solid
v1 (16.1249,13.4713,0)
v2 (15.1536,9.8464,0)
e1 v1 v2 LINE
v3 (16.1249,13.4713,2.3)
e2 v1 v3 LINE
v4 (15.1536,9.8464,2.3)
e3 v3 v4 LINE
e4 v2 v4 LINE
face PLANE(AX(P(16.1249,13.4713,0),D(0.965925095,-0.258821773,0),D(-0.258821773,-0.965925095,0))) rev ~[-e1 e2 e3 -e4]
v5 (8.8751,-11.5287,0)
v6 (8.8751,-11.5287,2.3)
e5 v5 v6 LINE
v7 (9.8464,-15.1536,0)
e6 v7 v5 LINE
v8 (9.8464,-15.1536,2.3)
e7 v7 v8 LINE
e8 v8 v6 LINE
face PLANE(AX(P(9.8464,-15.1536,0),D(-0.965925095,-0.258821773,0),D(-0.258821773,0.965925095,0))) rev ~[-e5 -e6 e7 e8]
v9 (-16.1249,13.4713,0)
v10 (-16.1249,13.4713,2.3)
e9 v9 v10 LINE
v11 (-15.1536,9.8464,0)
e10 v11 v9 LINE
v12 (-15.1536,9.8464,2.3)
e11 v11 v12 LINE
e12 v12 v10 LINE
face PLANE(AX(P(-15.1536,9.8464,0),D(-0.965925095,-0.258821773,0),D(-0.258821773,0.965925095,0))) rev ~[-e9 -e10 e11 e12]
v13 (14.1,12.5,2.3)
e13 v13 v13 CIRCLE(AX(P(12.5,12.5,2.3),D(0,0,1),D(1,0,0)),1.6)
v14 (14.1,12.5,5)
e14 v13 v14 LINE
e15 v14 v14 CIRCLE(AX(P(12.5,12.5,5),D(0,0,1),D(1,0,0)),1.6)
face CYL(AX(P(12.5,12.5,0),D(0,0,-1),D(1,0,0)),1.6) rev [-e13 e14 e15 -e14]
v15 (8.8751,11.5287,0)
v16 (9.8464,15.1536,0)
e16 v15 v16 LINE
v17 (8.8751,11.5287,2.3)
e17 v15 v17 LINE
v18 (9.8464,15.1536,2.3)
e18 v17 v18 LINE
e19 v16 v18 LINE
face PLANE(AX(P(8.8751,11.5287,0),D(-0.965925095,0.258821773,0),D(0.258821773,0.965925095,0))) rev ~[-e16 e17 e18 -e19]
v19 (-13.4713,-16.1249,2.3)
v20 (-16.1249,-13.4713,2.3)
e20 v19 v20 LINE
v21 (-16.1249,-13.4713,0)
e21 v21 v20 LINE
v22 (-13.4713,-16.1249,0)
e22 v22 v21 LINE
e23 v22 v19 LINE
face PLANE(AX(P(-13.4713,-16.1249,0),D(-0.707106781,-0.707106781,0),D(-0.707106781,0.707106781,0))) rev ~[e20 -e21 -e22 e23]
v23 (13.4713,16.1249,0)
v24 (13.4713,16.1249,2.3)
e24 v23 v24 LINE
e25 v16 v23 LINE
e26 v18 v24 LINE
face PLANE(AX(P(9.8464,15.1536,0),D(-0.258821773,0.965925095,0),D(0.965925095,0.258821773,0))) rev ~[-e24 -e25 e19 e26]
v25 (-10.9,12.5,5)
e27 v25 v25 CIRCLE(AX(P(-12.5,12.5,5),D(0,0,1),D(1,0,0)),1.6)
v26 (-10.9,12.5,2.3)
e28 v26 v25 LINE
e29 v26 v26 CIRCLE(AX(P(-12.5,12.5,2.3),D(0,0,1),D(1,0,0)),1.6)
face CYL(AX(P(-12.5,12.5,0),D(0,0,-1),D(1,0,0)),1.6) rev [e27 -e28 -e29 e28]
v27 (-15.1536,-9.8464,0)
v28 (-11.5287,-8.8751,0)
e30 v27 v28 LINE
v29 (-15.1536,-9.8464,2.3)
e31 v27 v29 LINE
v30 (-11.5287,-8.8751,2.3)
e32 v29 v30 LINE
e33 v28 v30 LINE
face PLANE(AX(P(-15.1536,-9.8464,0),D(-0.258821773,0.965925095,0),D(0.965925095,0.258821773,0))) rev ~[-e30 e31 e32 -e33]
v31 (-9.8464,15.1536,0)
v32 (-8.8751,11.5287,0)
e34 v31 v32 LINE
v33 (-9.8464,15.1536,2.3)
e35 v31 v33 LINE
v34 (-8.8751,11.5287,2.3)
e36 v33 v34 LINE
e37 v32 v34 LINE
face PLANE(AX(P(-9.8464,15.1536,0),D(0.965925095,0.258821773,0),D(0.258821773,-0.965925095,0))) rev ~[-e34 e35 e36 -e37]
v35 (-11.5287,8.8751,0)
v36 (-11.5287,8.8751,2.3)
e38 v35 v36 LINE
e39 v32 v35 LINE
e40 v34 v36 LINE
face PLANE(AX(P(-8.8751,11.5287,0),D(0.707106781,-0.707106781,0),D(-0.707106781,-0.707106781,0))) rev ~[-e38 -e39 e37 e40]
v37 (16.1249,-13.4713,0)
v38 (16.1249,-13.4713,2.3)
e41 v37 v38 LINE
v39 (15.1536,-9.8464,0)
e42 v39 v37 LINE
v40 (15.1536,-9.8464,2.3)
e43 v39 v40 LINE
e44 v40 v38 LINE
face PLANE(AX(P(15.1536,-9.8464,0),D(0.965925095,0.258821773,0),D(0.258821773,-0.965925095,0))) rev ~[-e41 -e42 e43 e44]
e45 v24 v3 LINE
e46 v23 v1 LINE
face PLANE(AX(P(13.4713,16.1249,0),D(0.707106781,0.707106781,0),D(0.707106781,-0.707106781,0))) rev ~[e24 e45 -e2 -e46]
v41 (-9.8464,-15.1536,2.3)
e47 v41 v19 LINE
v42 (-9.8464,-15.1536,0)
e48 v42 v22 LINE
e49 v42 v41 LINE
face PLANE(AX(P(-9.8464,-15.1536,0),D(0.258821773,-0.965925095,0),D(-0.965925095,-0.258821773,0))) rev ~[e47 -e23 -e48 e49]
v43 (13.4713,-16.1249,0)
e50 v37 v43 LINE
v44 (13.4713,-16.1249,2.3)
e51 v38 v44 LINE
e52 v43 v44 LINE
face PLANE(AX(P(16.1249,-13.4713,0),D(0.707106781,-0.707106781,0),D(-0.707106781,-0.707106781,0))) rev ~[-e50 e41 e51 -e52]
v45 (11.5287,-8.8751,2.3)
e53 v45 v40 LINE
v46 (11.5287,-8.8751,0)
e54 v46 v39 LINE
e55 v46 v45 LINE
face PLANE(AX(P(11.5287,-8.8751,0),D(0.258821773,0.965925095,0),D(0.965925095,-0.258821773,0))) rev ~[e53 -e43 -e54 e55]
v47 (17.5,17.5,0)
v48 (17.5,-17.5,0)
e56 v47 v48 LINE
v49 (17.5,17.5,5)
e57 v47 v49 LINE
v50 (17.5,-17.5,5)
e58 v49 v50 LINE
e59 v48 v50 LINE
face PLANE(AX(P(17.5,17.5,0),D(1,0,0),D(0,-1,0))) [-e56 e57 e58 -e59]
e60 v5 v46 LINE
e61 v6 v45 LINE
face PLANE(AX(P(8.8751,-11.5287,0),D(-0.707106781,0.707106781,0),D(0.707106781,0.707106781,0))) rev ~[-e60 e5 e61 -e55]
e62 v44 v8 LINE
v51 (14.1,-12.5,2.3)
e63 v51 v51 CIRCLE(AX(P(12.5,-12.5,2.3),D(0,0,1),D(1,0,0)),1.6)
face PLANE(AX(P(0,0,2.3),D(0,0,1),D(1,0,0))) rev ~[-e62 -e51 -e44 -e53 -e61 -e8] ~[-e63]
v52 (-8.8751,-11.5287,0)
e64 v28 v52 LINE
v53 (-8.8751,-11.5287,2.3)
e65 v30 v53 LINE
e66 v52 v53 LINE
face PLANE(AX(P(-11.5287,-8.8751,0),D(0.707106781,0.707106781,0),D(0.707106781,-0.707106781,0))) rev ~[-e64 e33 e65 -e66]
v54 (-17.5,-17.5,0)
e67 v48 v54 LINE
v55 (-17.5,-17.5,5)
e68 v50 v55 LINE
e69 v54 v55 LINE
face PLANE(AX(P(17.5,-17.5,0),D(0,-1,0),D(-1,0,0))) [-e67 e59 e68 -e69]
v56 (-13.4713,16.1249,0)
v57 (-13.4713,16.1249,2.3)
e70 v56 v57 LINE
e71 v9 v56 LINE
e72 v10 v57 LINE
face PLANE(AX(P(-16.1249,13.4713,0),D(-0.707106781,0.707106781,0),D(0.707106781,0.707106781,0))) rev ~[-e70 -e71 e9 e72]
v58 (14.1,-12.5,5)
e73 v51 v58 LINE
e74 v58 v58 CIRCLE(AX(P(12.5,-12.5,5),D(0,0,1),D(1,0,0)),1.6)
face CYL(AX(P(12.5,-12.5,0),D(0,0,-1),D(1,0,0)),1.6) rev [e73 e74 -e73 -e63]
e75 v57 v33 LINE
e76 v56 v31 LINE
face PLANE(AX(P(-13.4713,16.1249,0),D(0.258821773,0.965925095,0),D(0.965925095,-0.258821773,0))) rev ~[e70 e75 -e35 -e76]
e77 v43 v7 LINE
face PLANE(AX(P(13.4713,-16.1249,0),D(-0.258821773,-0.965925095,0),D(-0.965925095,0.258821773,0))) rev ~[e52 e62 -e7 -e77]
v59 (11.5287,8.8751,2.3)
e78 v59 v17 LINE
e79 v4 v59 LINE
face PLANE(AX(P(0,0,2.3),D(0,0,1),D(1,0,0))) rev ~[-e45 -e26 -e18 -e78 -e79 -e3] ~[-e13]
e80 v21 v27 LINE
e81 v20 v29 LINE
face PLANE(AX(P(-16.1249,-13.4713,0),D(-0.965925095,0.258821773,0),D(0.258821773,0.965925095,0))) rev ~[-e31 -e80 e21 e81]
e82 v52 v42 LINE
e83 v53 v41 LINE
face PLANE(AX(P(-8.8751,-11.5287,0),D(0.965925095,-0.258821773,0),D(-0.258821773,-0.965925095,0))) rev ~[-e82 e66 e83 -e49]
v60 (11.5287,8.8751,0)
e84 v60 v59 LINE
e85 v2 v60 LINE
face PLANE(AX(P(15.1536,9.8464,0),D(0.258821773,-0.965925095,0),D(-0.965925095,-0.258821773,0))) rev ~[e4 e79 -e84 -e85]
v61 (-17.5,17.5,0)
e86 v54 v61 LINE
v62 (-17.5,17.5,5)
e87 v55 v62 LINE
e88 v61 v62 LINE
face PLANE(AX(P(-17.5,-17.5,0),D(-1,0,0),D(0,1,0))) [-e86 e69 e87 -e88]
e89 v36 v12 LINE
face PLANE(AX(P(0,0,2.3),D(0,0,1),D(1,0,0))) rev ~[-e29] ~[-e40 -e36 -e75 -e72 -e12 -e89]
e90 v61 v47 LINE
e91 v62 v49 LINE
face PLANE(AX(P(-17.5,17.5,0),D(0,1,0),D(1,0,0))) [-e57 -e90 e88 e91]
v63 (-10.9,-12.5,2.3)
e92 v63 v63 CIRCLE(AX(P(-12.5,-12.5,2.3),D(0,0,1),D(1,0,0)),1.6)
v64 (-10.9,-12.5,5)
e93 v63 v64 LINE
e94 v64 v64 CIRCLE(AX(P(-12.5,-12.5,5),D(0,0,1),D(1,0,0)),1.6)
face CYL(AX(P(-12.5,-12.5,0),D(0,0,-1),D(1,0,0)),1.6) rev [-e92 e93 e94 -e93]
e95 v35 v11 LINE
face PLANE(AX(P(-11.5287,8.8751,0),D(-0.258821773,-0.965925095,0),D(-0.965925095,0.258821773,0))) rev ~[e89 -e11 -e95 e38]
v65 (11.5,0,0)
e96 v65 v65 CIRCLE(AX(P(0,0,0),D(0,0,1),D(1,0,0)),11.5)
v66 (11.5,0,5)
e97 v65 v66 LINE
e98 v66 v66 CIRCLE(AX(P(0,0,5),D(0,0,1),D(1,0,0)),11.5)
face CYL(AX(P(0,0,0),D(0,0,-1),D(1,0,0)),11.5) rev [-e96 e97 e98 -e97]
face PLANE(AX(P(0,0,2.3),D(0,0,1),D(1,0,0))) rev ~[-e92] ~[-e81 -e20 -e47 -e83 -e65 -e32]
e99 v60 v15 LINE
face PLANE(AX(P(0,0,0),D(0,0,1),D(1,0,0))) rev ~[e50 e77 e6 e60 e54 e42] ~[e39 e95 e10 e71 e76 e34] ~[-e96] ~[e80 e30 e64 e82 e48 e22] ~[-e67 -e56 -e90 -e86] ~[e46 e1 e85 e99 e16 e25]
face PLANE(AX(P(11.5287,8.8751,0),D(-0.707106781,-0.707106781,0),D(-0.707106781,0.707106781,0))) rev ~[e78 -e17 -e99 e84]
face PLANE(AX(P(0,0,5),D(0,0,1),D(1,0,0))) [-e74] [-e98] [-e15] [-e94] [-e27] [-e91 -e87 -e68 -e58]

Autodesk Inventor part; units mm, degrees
ref_plane "YZ Plane" through (0, 0, 0) normal (1, 0, 0) x (0, 1, 0)
ref_plane "XZ Plane" through (0, 0, 0) normal (0, 1, 0) x (-1, 0, 0)
ref_plane "XY Plane" through (0, 0, 0) normal (0, 0, 1) x (1, 0, 0)
sketch "Sketch1" plane through (0, 0, 0) normal (0, 0, 1) x (1, 0, 0)
  circle A0 centre (0, 0) radius 11.5
  circle A1 centre (0, 0) radius 14.3 construction
  line L0 (-17.5, 17.5) -> (17.5, 17.5)
  line L1 (17.5, 17.5) -> (17.5, -17.5)
  line L2 (17.5, -17.5) -> (-17.5, -17.5)
  line L3 (-17.5, -17.5) -> (-17.5, 17.5)
  line L4 (-12.5, 12.5) -> (12.5, 12.5) construction
  line L5 (12.5, 12.5) -> (12.5, -12.5) construction
  line L6 (12.5, -12.5) -> (-12.5, -12.5) construction
  line L7 (-12.5, -12.5) -> (-12.5, 12.5) construction
  line L8 (-9.8464, 15.1536) -> (-8.8751, 11.5287)
  line L9 (-8.8751, 11.5287) -> (-11.5287, 8.8751)
  line L10 (-11.5287, 8.8751) -> (-15.1536, 9.8464)
  line L11 (-15.1536, 9.8464) -> (-16.1249, 13.4713)
  line L12 (-16.1249, 13.4713) -> (-13.4713, 16.1249)
  line L13 (-13.4713, 16.1249) -> (-9.8464, 15.1536)
  line L14 (15.1536, 9.8464) -> (11.5287, 8.8751)
  line L15 (11.5287, 8.8751) -> (8.8751, 11.5287)
  line L16 (8.8751, 11.5287) -> (9.8464, 15.1536)
  line L17 (9.8464, 15.1536) -> (13.4713, 16.1249)
  line L18 (13.4713, 16.1249) -> (16.1249, 13.4713)
  line L19 (16.1249, 13.4713) -> (15.1536, 9.8464)
  line L20 (15.1536, -9.8464) -> (16.1249, -13.4713)
  line L21 (16.1249, -13.4713) -> (13.4713, -16.1249)
  line L22 (13.4713, -16.1249) -> (9.8464, -15.1536)
  line L23 (9.8464, -15.1536) -> (8.8751, -11.5287)
  line L24 (8.8751, -11.5287) -> (11.5287, -8.8751)
  line L25 (11.5287, -8.8751) -> (15.1536, -9.8464)
  line L26 (-15.1536, -9.8464) -> (-11.5287, -8.8751)
  line L27 (-11.5287, -8.8751) -> (-8.8751, -11.5287)
  line L28 (-8.8751, -11.5287) -> (-9.8464, -15.1536)
  line L29 (-9.8464, -15.1536) -> (-13.4713, -16.1249)
  line L30 (-13.4713, -16.1249) -> (-16.1249, -13.4713)
  line L31 (-16.1249, -13.4713) -> (-15.1536, -9.8464)
  line L32 (-12.5, 12.5) -> (12.5, -12.5) construction
  line L33 (12.5, 12.5) -> (-12.5, -12.5) construction
  circle A2 centre (-12.5, 12.5) radius 1.6
  circle A3 centre (12.5, 12.5) radius 1.6
  circle A4 centre (12.5, -12.5) radius 1.6
  circle A5 centre (-12.5, -12.5) radius 1.6
  dimension "d0" = 28.6
  dimension "d1" = 23
  dimension "d6" = 6.5
  dimension "d7" = 25
  dimension "d8" = 25
  dimension "d9" = 3.2
  dimension "d10" = 35
  dimension "d11" = 17.5
  dimension "d12" = 35
  dimension "d13" = 17.5
extrude "Extrusion3" add sketch "Sketch1" along normal blind 5 contours L0 L1 L2 L3 | L8 L9 L10 L11 L12 L13 | L14 L15 L16 L17 L18 L19 | L20 L21 L22 L23 L24 L25 | L26 L27 L28 L29 L30 L31
extrude "Extrusion4" cut sketch "Sketch1" along normal blind 2.3 contours L8 L9 L10 L11 L12 L13 | L14 L15 L16 L17 L18 L19 | L20 L21 L22 L23 L24 L25 | L26 L27 L28 L29 L30 L31
sketch "Sketch2" plane through (0, 0, 5) normal (0, 0, 1) x (1, 0, 0)
  circle A0 centre (-12.5, -12.5) radius 1.6 projected
  circle A1 centre (12.5, -12.5) radius 1.6 projected
  circle A2 centre (12.5, 12.5) radius 1.6 projected
  circle A3 centre (-12.5, 12.5) radius 1.6 projected
  circle A4 centre (0, 0) radius 11.5 projected
  line L0 (17.5, 17.5) -> (-17.5, 17.5) projected
  line L1 (-17.5, 17.5) -> (-17.5, -17.5) projected
  line L2 (-17.5, -17.5) -> (17.5, -17.5) projected
  line L3 (17.5, -17.5) -> (17.5, 17.5) projected
  dimension "d18" = 23
  dimension "d19" = 12.5
  dimension "d20" = 25
  dimension "d21" = 25
equation "\"d11\" = 0.5 * d10"
equation "\"d13\" = 0.5 * d12"
properties part number "BallBearingHolderOutside"
